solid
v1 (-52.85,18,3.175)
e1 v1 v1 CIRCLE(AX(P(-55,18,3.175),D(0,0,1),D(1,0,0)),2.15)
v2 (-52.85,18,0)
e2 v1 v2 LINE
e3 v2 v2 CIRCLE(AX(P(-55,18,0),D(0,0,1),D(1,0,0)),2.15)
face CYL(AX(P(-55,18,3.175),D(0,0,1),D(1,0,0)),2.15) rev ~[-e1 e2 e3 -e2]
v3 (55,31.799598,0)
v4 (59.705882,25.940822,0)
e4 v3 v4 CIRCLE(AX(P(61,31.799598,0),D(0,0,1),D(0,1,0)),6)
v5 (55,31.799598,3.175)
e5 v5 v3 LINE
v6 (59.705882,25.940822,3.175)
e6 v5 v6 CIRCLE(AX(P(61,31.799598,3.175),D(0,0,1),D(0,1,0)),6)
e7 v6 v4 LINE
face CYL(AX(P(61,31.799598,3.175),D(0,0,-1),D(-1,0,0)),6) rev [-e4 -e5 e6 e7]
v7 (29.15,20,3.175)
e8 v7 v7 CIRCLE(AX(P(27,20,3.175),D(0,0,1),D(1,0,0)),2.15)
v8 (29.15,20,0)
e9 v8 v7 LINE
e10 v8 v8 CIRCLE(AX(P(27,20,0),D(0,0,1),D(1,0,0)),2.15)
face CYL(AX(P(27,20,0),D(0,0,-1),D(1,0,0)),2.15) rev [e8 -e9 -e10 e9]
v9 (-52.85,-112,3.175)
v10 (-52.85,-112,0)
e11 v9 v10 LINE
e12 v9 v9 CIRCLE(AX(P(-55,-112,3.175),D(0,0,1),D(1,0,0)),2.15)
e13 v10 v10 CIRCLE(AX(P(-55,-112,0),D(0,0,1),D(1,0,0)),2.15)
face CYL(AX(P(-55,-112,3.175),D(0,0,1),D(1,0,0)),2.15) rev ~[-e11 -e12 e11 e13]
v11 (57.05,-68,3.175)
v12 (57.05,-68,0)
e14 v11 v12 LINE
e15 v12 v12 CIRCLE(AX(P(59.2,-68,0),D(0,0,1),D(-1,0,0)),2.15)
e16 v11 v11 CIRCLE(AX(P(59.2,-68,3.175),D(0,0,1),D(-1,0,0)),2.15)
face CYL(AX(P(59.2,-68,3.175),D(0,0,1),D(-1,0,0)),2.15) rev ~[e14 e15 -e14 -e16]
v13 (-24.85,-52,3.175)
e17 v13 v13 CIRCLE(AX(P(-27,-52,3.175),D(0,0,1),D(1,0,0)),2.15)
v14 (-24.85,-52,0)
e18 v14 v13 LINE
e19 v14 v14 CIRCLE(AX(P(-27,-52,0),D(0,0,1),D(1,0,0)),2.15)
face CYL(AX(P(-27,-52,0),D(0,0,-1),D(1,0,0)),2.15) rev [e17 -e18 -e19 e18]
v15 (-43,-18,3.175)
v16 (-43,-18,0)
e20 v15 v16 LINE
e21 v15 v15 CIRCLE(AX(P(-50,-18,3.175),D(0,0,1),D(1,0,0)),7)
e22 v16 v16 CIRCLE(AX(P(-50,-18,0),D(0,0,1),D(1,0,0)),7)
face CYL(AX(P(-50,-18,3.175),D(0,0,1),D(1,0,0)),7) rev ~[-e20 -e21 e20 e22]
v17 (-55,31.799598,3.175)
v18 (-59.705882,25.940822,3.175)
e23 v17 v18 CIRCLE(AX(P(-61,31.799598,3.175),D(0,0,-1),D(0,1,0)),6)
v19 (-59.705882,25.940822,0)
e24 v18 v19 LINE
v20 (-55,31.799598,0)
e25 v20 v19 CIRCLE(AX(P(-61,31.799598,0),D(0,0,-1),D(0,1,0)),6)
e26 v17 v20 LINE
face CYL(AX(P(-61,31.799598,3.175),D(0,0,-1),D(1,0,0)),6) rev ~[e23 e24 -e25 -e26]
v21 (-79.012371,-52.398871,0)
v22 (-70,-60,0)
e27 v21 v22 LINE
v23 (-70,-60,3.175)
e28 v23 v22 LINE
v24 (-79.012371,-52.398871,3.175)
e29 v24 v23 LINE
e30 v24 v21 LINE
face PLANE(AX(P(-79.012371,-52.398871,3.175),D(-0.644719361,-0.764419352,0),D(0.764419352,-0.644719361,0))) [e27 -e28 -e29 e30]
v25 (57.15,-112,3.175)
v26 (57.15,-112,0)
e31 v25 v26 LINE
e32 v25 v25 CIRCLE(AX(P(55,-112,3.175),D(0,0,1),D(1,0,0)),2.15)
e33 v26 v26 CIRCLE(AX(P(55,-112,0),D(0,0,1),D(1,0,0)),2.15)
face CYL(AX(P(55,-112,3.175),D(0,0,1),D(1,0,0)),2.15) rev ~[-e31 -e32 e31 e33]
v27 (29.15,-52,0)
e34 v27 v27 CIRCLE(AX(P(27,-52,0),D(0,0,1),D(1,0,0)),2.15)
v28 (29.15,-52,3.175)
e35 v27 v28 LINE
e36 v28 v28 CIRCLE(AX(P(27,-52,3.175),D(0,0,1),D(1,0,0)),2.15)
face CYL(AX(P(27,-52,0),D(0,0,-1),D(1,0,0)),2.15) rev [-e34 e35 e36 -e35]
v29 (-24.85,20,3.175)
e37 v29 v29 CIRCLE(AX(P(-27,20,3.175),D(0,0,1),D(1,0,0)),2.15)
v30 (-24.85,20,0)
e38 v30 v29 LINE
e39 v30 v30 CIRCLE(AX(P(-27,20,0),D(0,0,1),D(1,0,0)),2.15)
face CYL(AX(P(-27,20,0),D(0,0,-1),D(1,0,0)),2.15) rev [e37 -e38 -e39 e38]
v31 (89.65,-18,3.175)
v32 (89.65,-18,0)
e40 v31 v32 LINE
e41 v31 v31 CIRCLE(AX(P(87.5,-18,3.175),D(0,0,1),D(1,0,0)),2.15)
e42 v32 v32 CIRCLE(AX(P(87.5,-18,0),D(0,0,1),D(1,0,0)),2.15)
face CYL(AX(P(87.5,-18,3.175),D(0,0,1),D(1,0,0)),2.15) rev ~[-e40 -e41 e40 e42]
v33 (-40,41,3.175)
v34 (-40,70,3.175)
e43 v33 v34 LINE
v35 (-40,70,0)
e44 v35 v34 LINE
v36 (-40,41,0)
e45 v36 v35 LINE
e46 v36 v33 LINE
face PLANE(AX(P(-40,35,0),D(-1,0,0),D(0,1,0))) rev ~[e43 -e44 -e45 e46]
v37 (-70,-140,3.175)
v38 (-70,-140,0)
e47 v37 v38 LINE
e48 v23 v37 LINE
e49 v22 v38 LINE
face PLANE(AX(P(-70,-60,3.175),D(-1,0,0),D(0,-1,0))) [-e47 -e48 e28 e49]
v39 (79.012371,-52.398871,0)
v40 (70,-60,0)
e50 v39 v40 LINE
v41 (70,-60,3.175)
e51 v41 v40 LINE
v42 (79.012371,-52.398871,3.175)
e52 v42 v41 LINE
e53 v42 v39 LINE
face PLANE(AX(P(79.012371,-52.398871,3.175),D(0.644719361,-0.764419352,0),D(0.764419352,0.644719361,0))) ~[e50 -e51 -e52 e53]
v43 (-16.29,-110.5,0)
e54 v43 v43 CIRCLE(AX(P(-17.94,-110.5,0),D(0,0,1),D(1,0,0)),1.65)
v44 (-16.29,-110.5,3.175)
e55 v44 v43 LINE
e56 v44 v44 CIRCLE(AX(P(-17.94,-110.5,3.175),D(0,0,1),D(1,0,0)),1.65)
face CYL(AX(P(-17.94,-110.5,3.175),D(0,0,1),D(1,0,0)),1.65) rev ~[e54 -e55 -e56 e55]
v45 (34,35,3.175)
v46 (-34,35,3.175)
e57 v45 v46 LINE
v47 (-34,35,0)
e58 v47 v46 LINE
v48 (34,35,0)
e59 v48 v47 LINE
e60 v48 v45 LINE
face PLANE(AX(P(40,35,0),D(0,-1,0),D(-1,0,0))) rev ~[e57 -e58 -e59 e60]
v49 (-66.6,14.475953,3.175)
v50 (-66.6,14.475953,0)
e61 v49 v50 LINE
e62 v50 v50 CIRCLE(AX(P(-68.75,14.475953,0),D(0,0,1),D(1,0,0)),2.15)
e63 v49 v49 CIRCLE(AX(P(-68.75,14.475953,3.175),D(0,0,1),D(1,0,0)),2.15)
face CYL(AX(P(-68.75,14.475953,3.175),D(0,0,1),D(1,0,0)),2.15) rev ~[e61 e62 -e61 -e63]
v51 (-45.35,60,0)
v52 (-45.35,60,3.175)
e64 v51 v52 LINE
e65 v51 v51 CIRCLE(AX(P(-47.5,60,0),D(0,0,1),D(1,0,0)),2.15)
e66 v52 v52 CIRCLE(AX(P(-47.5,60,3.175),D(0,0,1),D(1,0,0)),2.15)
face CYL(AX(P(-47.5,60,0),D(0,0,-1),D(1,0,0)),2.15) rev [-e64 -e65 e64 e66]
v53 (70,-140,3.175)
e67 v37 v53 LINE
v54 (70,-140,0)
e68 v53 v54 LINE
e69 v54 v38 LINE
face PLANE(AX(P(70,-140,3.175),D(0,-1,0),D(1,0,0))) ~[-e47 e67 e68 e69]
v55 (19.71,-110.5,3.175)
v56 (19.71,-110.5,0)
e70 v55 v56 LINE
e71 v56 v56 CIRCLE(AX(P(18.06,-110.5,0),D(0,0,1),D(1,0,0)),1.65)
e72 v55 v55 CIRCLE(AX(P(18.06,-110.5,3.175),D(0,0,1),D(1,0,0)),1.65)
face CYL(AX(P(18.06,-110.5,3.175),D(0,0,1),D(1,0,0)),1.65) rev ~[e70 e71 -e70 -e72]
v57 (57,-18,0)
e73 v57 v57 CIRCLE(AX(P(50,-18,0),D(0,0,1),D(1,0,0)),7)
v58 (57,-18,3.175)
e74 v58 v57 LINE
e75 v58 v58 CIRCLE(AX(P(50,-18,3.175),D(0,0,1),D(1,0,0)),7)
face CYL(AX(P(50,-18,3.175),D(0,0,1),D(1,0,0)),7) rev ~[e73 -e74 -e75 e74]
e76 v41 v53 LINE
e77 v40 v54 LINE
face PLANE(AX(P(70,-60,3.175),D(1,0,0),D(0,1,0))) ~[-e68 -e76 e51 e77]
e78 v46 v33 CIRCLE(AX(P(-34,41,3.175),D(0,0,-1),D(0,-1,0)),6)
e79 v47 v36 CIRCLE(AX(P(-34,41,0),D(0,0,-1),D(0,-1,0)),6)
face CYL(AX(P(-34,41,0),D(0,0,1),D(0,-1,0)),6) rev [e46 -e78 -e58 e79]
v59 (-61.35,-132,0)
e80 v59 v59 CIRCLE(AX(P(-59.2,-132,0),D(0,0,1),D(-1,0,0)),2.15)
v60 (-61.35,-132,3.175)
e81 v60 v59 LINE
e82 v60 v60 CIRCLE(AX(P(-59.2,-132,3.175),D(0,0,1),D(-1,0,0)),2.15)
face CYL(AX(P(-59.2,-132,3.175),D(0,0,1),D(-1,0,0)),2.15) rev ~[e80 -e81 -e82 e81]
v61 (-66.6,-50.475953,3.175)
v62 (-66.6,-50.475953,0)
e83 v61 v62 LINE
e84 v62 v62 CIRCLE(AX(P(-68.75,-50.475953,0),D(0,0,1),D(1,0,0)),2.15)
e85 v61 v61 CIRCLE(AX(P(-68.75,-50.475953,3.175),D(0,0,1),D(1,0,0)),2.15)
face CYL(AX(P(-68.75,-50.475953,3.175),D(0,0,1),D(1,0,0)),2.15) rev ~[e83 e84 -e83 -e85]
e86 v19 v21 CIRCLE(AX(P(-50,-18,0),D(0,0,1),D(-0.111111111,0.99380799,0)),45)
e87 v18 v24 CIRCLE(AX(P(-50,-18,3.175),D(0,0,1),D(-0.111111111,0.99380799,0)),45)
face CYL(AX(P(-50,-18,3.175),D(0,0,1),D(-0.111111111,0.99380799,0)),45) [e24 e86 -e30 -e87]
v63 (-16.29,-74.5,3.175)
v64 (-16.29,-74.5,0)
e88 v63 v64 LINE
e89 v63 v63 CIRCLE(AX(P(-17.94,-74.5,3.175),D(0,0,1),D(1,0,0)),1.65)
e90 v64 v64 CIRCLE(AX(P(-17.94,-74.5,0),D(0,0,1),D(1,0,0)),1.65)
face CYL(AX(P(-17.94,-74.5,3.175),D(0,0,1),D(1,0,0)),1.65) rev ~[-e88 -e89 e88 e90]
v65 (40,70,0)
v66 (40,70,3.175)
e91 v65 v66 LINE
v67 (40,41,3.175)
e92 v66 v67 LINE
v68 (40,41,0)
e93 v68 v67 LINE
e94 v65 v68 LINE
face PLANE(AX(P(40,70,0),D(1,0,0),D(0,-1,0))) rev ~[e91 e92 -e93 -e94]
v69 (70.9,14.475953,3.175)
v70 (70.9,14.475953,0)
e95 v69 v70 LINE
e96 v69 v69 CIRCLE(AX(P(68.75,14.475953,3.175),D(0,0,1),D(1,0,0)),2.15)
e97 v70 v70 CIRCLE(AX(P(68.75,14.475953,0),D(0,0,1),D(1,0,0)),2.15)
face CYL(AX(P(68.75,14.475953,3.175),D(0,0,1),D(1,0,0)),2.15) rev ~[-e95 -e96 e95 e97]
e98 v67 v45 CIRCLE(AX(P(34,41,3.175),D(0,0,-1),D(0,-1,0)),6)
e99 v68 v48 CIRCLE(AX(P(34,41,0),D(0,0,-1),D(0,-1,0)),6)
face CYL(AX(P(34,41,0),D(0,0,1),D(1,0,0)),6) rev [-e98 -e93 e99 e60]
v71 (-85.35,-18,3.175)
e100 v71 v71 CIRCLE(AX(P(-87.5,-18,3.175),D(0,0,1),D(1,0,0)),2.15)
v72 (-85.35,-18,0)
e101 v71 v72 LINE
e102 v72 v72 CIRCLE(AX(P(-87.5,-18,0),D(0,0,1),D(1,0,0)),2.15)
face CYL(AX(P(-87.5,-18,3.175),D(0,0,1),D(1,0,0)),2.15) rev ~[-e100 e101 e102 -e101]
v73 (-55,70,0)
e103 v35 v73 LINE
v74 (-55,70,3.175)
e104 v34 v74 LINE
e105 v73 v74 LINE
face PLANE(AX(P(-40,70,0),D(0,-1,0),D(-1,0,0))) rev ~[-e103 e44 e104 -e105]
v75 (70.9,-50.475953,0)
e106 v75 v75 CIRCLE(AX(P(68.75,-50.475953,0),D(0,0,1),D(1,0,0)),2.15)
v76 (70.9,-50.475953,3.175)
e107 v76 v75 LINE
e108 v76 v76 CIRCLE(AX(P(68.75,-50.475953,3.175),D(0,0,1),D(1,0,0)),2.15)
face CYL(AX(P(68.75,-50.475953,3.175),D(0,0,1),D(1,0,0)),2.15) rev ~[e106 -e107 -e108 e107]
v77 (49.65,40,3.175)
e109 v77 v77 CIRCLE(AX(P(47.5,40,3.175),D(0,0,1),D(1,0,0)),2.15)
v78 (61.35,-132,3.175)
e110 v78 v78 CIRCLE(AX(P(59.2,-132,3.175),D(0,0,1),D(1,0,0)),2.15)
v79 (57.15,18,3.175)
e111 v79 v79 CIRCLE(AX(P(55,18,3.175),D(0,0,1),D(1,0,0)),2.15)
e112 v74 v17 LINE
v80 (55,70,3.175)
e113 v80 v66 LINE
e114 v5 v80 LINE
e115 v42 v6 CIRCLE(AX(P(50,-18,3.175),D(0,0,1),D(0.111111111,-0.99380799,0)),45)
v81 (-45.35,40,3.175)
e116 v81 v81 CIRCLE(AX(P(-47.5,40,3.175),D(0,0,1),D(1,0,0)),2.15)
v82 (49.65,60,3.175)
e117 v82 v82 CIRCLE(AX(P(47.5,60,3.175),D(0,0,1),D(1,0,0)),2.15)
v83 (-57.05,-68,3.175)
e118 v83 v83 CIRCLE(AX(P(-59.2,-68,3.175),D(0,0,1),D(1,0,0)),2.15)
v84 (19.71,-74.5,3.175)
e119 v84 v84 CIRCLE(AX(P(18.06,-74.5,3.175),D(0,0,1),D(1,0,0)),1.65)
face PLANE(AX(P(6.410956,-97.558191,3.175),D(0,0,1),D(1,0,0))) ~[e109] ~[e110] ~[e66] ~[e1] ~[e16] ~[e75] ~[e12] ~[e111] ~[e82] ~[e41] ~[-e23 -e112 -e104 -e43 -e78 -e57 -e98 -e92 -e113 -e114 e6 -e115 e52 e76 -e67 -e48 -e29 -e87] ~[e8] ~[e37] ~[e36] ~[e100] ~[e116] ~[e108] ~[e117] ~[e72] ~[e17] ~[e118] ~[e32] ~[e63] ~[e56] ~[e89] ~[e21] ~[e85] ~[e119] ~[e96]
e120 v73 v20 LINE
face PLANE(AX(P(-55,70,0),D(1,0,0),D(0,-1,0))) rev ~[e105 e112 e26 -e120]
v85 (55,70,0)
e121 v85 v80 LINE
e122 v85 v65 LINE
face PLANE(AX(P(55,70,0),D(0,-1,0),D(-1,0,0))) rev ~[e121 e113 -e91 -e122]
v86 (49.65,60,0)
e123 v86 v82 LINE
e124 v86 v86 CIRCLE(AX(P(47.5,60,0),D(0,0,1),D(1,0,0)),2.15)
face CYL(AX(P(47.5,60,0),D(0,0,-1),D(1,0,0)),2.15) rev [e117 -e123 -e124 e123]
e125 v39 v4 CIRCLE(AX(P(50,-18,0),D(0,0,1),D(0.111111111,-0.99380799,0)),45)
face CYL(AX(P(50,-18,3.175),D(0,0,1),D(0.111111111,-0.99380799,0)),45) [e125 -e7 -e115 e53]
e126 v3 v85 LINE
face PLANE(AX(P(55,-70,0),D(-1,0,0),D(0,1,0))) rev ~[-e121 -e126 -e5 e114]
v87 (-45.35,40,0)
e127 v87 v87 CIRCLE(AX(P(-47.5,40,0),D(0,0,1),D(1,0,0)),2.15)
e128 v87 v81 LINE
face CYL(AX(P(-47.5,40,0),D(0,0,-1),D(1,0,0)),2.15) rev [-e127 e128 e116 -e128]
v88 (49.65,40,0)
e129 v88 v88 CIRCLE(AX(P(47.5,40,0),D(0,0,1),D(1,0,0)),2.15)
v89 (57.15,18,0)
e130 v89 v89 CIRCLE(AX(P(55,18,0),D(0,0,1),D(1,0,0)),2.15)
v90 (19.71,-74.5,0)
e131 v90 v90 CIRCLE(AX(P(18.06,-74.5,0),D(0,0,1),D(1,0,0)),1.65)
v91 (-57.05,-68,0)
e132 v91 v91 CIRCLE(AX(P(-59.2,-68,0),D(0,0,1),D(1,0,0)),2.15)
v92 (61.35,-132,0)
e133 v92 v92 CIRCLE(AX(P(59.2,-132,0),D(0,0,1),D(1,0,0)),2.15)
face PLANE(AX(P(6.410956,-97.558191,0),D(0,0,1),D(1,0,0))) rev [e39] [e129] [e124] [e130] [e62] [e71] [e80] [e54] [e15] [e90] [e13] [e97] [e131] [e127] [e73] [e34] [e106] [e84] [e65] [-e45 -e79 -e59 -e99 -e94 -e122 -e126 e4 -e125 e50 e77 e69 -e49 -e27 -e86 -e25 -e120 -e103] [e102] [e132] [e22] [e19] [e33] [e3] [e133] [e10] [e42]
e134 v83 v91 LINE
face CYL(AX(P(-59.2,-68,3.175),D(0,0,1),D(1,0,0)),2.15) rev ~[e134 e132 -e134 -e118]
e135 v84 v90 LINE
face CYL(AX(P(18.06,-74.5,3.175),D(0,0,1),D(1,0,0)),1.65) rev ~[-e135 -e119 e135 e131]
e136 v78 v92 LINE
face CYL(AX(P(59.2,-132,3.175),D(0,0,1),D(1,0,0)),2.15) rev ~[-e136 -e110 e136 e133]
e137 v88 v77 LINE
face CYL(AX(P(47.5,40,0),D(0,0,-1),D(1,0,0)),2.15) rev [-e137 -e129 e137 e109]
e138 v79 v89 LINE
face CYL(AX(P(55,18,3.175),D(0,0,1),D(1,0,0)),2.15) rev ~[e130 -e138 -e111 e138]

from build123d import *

# Parameters (mm, degrees)
SKETCH1_R           = 2.15
BOSS_EXTRUDE1_DEPTH = 3.175
SKETCH3_R           = 2.15
BOSS_EXTRUDE3_DEPTH = 3.175
BOSS_EXTRUDE4_DEPTH = 3.175
FILLET1_R           = 6
SKETCH5_R           = 7
CUT_EXTRUDE1_DEPTH  = 10
SKETCH6_R           = 1.65
CUT_EXTRUDE2_DEPTH  = 10
SKETCH7_R           = 2.15
CUT_EXTRUDE3_DEPTH  = 10
SKETCH8_R           = 2.15
CUT_EXTRUDE4_DEPTH  = 170.219031509


with BuildPart() as part:
    # Sketch1 → Boss-Extrude1 (new body)
    with BuildSketch(Plane.XY):
        Polygon((-40, 70), (-55, 70), (-55, -70), (55, -70), (55, 70), (40, 70), (40, 35), (-40, 35), align=None)
        with Locations((-27, -52)):
            Circle(SKETCH1_R, mode=Mode.SUBTRACT)
        with Locations((27, -52)):
            Circle(SKETCH1_R, mode=Mode.SUBTRACT)
        with Locations((-27, 20)):
            Circle(SKETCH1_R, mode=Mode.SUBTRACT)
        with Locations((-47.5, 40)):
            Circle(SKETCH1_R, mode=Mode.SUBTRACT)
        with Locations((-47.5, 60)):
            Circle(SKETCH1_R, mode=Mode.SUBTRACT)
        with Locations((27, 20)):
            Circle(SKETCH1_R, mode=Mode.SUBTRACT)
        with Locations((47.5, 40)):
            Circle(SKETCH1_R, mode=Mode.SUBTRACT)
        with Locations((47.5, 60)):
            Circle(SKETCH1_R, mode=Mode.SUBTRACT)
    extrude(amount=BOSS_EXTRUDE1_DEPTH)

    # Sketch3 → Boss-Extrude3 (add)
    # profile 1 of 2: a face of its own
    with BuildSketch(Plane.XY.offset(3.175)):
        with BuildLine():
            ThreePointArc((-55, 26.72135955), (-95, -18), (-55, -62.72135955))
            Line((-55, -62.72135955), (-55, 26.72135955))
        make_face()
        with Locations((-68.75, -50.475952642)):
            Circle(SKETCH3_R, mode=Mode.SUBTRACT)
        with Locations((-87.5, -18)):
            Circle(SKETCH3_R, mode=Mode.SUBTRACT)
        with Locations((-68.75, 14.475952642)):
            Circle(SKETCH3_R, mode=Mode.SUBTRACT)
    # profile 2 of 2: a face of its own
    with BuildSketch(Plane.XY.offset(3.175)):
        with BuildLine():
            Line((55, 26.72135955), (55, -62.72135955))
            ThreePointArc((55, -62.72135955), (95, -18), (55, 26.72135955))
        make_face()
        with Locations((68.75, -50.475952642)):
            Circle(SKETCH3_R, mode=Mode.SUBTRACT)
        with Locations((87.5, -18)):
            Circle(SKETCH3_R, mode=Mode.SUBTRACT)
        with Locations((68.75, 14.475952642)):
            Circle(SKETCH3_R, mode=Mode.SUBTRACT)
    extrude(amount=-BOSS_EXTRUDE3_DEPTH)

    # Sketch4 → Boss-Extrude4 (add)
    with BuildSketch(Plane.XY.offset(3.175)):
        with BuildLine():
            Line((-79.012371244, -52.398870836), (-70, -60))
            Line((-70, -60), (-70, -140))
            Line((-70, -140), (65, -140))
            Line((65, -140), (65, -60))
            Line((65, -60), (-38.978750739, -60))
            Line((-38.978750739, -60), (-37.516030877, -61.233673392))
            ThreePointArc((-37.516030877, -61.233673392), (-59.370723196, -62.013515501), (-79.012371244, -52.398870836))
        make_face()
    boss_extrude4 = extrude(amount=-BOSS_EXTRUDE4_DEPTH)

    # Mirror2: Boss-Extrude4 across plane
    add(boss_extrude4.mirror(Plane(origin=(0, 0, 0), x_dir=(0, 0, 1), z_dir=(1, 0, 0))))

    # Fillet1
    fillet1_edges = [part.edges().sort_by_distance(p)[0] for p in [
        (-40, 35, 1.5875),
        (40, 35, 1.5875),
        (-55, 26.72135955, 1.5875),
        (55, 26.72135955, 1.5875),
    ]]
    fillet(fillet1_edges, radius=FILLET1_R)

    # Sketch5 → Cut-Extrude1 (cut)
    with BuildSketch(Plane.XY.offset(3.175)):
        with Locations((-50, -18)):
            Circle(SKETCH5_R)
        with Locations((50, -18)):
            Circle(SKETCH5_R)
    extrude(amount=-CUT_EXTRUDE1_DEPTH, mode=Mode.SUBTRACT)

    # Sketch6 → Cut-Extrude2 (cut)
    with BuildSketch(Plane.XY.offset(3.175)):
        with Locations((-17.94, -110.5)):
            Circle(SKETCH6_R)
        with Locations((-17.94, -74.5)):
            Circle(SKETCH6_R)
        with Locations((18.06, -74.5)):
            Circle(SKETCH6_R)
        with Locations((18.06, -110.5)):
            Circle(SKETCH6_R)
    extrude(amount=-CUT_EXTRUDE2_DEPTH, mode=Mode.SUBTRACT)

    # Sketch7 → Cut-Extrude3 (cut)
    with BuildSketch(Plane.XY.offset(3.175)):
        with Locations((-55, 18)):
            Circle(SKETCH7_R)
        with Locations((55, 18)):
            Circle(SKETCH7_R)
        with Locations((55, -112)):
            Circle(SKETCH7_R)
        with Locations((-55, -112)):
            Circle(SKETCH7_R)
    extrude(amount=-CUT_EXTRUDE3_DEPTH, mode=Mode.SUBTRACT)

    # Sketch8 → Cut-Extrude4 (cut, through all)
    with BuildSketch(Plane.XY.offset(3.175)):
        with Locations((-59.2, -68)):
            Circle(SKETCH8_R)
        with Locations(Location((-59.2, -132, 0), (0, 0, 180))):
            Circle(SKETCH8_R)
        with Locations((59.2, -132)):
            Circle(SKETCH8_R)
        with Locations(Location((59.2, -68, 0), (0, 0, 180))):
            Circle(SKETCH8_R)
    extrude(amount=-CUT_EXTRUDE4_DEPTH, mode=Mode.SUBTRACT)


solid = part.part
